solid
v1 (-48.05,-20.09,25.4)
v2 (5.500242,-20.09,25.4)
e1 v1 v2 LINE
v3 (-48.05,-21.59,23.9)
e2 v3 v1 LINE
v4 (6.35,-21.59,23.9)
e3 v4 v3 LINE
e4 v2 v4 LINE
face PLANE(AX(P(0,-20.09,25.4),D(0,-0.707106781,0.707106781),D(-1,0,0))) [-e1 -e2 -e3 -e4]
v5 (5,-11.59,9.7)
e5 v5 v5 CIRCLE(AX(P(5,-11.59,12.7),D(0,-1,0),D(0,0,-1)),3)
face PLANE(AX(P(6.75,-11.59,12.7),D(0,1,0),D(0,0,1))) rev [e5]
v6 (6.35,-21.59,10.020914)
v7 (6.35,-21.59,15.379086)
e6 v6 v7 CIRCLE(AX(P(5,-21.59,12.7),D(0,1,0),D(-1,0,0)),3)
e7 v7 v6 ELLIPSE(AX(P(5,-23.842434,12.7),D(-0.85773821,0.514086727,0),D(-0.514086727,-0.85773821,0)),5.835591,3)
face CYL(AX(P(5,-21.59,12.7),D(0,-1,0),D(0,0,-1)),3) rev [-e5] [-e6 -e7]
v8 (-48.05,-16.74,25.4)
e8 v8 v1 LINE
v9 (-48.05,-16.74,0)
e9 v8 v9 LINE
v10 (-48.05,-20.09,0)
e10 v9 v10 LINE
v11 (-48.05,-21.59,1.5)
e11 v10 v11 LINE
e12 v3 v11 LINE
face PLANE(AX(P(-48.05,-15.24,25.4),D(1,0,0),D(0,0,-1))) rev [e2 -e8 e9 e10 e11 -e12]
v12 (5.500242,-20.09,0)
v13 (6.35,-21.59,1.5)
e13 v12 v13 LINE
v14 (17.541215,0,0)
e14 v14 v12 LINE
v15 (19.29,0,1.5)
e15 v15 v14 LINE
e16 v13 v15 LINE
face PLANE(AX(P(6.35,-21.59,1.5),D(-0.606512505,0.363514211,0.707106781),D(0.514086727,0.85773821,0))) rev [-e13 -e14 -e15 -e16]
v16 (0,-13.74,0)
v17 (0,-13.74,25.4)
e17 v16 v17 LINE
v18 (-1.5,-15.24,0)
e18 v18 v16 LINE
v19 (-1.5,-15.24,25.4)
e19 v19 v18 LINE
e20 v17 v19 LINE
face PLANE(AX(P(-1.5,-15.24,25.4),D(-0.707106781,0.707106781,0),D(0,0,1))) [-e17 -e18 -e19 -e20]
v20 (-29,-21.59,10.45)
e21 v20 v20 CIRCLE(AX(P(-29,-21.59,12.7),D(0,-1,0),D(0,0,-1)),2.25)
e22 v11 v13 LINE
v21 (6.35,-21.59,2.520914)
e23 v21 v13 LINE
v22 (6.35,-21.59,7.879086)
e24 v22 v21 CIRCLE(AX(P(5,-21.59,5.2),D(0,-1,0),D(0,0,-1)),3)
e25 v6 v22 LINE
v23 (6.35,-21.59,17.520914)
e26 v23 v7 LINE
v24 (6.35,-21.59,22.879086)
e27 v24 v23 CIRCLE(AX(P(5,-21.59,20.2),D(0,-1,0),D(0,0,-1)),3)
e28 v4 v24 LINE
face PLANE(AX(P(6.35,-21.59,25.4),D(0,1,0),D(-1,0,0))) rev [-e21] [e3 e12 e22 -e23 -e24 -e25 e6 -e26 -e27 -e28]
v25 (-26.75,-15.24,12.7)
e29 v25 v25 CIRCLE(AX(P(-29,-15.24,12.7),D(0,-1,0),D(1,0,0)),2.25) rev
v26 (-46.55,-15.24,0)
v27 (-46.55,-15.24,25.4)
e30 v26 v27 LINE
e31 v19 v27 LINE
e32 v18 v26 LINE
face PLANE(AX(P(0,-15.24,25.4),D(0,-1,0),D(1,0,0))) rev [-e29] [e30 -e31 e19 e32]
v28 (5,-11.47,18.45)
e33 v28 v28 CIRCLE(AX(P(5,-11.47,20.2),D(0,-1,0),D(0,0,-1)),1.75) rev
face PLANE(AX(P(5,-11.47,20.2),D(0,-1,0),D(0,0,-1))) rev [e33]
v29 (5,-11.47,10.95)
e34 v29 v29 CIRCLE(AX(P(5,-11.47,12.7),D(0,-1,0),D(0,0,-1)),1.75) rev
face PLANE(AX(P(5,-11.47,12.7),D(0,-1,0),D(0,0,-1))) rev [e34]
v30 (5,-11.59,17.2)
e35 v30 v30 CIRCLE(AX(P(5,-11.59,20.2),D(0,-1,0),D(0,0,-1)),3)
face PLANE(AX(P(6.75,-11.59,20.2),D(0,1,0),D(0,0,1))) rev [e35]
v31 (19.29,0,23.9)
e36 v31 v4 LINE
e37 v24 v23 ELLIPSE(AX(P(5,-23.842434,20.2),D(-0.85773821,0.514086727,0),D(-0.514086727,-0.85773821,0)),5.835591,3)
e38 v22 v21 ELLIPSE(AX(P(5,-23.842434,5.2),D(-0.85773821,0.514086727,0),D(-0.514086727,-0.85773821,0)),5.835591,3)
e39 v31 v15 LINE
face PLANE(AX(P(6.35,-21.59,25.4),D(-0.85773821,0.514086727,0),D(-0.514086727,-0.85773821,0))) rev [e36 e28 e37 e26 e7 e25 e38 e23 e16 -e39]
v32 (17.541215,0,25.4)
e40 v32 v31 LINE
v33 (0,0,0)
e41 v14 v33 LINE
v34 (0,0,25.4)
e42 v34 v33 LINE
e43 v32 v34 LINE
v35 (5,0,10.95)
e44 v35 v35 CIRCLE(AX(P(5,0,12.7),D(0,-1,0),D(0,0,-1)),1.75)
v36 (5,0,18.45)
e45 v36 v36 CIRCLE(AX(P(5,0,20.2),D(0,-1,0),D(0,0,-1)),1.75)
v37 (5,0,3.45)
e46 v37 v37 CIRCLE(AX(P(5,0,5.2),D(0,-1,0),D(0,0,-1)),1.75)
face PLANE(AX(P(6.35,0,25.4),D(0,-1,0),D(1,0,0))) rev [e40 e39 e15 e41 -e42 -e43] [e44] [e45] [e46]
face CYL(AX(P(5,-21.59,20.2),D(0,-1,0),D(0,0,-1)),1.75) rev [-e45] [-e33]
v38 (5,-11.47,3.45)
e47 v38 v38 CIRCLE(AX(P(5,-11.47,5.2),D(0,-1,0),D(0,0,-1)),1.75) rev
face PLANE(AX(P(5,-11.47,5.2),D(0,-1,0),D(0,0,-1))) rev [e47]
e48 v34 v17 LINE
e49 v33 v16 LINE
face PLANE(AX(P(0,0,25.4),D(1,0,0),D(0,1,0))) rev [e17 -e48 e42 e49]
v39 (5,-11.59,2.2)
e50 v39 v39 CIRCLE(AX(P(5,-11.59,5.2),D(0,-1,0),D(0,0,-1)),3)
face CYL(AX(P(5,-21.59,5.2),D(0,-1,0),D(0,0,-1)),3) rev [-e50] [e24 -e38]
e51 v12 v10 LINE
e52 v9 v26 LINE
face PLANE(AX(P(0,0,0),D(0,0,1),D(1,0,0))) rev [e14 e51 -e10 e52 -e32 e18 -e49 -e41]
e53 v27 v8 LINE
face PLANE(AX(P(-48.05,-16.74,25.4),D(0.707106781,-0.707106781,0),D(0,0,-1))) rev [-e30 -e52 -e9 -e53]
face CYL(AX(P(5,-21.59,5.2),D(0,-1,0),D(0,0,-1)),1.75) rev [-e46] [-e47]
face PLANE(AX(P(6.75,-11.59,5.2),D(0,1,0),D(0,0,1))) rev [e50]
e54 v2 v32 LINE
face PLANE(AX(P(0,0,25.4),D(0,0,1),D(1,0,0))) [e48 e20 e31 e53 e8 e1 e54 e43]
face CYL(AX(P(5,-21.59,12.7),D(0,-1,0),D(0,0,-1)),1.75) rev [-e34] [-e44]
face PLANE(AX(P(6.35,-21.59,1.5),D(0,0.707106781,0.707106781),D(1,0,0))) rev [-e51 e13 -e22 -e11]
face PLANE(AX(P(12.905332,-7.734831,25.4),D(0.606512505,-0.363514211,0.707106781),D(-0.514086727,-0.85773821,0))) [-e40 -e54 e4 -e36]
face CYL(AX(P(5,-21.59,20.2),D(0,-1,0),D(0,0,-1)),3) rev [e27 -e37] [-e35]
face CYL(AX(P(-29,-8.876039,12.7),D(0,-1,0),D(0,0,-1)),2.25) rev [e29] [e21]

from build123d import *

# Parameters (mm, degrees)
BOSS_EXTRUDE1_DEPTH                     = 25.4
CBORE_FOR_M5_HEX_HEAD_BOLT1_D           = 3.5
CBORE_FOR_M5_HEX_HEAD_BOLT1_CBORE_D     = 6
CBORE_FOR_M5_HEX_HEAD_BOLT1_CBORE_DEPTH = 10
CHAMFER2_SIZE                           = 1.5
SKETCH7_R                               = 2.25
CUT_EXTRUDE1_DEPTH                      = 6.35
BOSS_EXTRUDE2_START                     = -0.12
SKETCH8_R                               = 1.75
BOSS_EXTRUDE2_DEPTH                     = 0.12


with BuildPart() as part:
    # Sketch1 → Boss-Extrude1 (new body)
    with BuildSketch(Plane.XY):
        Polygon((0, 0), (0, -15.24), (-48.05, -15.24), (-48.05, -21.59), (6.35, -21.59), (19.29, 0), (6.35, 0), align=None)
    extrude(amount=BOSS_EXTRUDE1_DEPTH)

    # CBORE for M5 Hex Head Bolt1 (through all)
    with Locations(Plane(origin=(5, -21.59, 20.2), x_dir=(-1, 0, 0), z_dir=(0, -1, 0))):
        with Locations((0, 0), (0, 7.5), (0, 15)):
            CounterBoreHole(CBORE_FOR_M5_HEX_HEAD_BOLT1_D / 2, CBORE_FOR_M5_HEX_HEAD_BOLT1_CBORE_D / 2, CBORE_FOR_M5_HEX_HEAD_BOLT1_CBORE_DEPTH)

    # Chamfer2
    chamfer2_edges = [part.edges().sort_by_distance(p)[0] for p in [
        (-48.05, -15.24, 12.7),
        (0, -15.24, 12.7),
        (-20.85, -21.59, 25.4),
        (12.82, -10.795, 25.4),
        (12.82, -10.795, 0),
        (-20.85, -21.59, 0),
    ]]
    chamfer(chamfer2_edges, length=CHAMFER2_SIZE)

    # Sketch7 → Cut-Extrude1 (cut)
    with BuildSketch(Plane.XZ.offset(21.59)):
        with Locations(Location((-29, 12.7, 0), (0, 0, 270))):
            Circle(SKETCH7_R)
    extrude(amount=-CUT_EXTRUDE1_DEPTH, mode=Mode.SUBTRACT)

    # Sketch8 → Boss-Extrude2 (add)
    with BuildSketch(Plane.XZ.offset(11.59).offset(BOSS_EXTRUDE2_START)):
        with Locations(Location((5, 20.2, 0), (0, 0, 270))):
            Circle(SKETCH8_R)
        with Locations(Location((5, 12.7, 0), (0, 0, 270))):
            Circle(SKETCH8_R)
        with Locations(Location((5, 5.2, 0), (0, 0, 270))):
            Circle(SKETCH8_R)
    extrude(amount=BOSS_EXTRUDE2_DEPTH)


solid = part.part
